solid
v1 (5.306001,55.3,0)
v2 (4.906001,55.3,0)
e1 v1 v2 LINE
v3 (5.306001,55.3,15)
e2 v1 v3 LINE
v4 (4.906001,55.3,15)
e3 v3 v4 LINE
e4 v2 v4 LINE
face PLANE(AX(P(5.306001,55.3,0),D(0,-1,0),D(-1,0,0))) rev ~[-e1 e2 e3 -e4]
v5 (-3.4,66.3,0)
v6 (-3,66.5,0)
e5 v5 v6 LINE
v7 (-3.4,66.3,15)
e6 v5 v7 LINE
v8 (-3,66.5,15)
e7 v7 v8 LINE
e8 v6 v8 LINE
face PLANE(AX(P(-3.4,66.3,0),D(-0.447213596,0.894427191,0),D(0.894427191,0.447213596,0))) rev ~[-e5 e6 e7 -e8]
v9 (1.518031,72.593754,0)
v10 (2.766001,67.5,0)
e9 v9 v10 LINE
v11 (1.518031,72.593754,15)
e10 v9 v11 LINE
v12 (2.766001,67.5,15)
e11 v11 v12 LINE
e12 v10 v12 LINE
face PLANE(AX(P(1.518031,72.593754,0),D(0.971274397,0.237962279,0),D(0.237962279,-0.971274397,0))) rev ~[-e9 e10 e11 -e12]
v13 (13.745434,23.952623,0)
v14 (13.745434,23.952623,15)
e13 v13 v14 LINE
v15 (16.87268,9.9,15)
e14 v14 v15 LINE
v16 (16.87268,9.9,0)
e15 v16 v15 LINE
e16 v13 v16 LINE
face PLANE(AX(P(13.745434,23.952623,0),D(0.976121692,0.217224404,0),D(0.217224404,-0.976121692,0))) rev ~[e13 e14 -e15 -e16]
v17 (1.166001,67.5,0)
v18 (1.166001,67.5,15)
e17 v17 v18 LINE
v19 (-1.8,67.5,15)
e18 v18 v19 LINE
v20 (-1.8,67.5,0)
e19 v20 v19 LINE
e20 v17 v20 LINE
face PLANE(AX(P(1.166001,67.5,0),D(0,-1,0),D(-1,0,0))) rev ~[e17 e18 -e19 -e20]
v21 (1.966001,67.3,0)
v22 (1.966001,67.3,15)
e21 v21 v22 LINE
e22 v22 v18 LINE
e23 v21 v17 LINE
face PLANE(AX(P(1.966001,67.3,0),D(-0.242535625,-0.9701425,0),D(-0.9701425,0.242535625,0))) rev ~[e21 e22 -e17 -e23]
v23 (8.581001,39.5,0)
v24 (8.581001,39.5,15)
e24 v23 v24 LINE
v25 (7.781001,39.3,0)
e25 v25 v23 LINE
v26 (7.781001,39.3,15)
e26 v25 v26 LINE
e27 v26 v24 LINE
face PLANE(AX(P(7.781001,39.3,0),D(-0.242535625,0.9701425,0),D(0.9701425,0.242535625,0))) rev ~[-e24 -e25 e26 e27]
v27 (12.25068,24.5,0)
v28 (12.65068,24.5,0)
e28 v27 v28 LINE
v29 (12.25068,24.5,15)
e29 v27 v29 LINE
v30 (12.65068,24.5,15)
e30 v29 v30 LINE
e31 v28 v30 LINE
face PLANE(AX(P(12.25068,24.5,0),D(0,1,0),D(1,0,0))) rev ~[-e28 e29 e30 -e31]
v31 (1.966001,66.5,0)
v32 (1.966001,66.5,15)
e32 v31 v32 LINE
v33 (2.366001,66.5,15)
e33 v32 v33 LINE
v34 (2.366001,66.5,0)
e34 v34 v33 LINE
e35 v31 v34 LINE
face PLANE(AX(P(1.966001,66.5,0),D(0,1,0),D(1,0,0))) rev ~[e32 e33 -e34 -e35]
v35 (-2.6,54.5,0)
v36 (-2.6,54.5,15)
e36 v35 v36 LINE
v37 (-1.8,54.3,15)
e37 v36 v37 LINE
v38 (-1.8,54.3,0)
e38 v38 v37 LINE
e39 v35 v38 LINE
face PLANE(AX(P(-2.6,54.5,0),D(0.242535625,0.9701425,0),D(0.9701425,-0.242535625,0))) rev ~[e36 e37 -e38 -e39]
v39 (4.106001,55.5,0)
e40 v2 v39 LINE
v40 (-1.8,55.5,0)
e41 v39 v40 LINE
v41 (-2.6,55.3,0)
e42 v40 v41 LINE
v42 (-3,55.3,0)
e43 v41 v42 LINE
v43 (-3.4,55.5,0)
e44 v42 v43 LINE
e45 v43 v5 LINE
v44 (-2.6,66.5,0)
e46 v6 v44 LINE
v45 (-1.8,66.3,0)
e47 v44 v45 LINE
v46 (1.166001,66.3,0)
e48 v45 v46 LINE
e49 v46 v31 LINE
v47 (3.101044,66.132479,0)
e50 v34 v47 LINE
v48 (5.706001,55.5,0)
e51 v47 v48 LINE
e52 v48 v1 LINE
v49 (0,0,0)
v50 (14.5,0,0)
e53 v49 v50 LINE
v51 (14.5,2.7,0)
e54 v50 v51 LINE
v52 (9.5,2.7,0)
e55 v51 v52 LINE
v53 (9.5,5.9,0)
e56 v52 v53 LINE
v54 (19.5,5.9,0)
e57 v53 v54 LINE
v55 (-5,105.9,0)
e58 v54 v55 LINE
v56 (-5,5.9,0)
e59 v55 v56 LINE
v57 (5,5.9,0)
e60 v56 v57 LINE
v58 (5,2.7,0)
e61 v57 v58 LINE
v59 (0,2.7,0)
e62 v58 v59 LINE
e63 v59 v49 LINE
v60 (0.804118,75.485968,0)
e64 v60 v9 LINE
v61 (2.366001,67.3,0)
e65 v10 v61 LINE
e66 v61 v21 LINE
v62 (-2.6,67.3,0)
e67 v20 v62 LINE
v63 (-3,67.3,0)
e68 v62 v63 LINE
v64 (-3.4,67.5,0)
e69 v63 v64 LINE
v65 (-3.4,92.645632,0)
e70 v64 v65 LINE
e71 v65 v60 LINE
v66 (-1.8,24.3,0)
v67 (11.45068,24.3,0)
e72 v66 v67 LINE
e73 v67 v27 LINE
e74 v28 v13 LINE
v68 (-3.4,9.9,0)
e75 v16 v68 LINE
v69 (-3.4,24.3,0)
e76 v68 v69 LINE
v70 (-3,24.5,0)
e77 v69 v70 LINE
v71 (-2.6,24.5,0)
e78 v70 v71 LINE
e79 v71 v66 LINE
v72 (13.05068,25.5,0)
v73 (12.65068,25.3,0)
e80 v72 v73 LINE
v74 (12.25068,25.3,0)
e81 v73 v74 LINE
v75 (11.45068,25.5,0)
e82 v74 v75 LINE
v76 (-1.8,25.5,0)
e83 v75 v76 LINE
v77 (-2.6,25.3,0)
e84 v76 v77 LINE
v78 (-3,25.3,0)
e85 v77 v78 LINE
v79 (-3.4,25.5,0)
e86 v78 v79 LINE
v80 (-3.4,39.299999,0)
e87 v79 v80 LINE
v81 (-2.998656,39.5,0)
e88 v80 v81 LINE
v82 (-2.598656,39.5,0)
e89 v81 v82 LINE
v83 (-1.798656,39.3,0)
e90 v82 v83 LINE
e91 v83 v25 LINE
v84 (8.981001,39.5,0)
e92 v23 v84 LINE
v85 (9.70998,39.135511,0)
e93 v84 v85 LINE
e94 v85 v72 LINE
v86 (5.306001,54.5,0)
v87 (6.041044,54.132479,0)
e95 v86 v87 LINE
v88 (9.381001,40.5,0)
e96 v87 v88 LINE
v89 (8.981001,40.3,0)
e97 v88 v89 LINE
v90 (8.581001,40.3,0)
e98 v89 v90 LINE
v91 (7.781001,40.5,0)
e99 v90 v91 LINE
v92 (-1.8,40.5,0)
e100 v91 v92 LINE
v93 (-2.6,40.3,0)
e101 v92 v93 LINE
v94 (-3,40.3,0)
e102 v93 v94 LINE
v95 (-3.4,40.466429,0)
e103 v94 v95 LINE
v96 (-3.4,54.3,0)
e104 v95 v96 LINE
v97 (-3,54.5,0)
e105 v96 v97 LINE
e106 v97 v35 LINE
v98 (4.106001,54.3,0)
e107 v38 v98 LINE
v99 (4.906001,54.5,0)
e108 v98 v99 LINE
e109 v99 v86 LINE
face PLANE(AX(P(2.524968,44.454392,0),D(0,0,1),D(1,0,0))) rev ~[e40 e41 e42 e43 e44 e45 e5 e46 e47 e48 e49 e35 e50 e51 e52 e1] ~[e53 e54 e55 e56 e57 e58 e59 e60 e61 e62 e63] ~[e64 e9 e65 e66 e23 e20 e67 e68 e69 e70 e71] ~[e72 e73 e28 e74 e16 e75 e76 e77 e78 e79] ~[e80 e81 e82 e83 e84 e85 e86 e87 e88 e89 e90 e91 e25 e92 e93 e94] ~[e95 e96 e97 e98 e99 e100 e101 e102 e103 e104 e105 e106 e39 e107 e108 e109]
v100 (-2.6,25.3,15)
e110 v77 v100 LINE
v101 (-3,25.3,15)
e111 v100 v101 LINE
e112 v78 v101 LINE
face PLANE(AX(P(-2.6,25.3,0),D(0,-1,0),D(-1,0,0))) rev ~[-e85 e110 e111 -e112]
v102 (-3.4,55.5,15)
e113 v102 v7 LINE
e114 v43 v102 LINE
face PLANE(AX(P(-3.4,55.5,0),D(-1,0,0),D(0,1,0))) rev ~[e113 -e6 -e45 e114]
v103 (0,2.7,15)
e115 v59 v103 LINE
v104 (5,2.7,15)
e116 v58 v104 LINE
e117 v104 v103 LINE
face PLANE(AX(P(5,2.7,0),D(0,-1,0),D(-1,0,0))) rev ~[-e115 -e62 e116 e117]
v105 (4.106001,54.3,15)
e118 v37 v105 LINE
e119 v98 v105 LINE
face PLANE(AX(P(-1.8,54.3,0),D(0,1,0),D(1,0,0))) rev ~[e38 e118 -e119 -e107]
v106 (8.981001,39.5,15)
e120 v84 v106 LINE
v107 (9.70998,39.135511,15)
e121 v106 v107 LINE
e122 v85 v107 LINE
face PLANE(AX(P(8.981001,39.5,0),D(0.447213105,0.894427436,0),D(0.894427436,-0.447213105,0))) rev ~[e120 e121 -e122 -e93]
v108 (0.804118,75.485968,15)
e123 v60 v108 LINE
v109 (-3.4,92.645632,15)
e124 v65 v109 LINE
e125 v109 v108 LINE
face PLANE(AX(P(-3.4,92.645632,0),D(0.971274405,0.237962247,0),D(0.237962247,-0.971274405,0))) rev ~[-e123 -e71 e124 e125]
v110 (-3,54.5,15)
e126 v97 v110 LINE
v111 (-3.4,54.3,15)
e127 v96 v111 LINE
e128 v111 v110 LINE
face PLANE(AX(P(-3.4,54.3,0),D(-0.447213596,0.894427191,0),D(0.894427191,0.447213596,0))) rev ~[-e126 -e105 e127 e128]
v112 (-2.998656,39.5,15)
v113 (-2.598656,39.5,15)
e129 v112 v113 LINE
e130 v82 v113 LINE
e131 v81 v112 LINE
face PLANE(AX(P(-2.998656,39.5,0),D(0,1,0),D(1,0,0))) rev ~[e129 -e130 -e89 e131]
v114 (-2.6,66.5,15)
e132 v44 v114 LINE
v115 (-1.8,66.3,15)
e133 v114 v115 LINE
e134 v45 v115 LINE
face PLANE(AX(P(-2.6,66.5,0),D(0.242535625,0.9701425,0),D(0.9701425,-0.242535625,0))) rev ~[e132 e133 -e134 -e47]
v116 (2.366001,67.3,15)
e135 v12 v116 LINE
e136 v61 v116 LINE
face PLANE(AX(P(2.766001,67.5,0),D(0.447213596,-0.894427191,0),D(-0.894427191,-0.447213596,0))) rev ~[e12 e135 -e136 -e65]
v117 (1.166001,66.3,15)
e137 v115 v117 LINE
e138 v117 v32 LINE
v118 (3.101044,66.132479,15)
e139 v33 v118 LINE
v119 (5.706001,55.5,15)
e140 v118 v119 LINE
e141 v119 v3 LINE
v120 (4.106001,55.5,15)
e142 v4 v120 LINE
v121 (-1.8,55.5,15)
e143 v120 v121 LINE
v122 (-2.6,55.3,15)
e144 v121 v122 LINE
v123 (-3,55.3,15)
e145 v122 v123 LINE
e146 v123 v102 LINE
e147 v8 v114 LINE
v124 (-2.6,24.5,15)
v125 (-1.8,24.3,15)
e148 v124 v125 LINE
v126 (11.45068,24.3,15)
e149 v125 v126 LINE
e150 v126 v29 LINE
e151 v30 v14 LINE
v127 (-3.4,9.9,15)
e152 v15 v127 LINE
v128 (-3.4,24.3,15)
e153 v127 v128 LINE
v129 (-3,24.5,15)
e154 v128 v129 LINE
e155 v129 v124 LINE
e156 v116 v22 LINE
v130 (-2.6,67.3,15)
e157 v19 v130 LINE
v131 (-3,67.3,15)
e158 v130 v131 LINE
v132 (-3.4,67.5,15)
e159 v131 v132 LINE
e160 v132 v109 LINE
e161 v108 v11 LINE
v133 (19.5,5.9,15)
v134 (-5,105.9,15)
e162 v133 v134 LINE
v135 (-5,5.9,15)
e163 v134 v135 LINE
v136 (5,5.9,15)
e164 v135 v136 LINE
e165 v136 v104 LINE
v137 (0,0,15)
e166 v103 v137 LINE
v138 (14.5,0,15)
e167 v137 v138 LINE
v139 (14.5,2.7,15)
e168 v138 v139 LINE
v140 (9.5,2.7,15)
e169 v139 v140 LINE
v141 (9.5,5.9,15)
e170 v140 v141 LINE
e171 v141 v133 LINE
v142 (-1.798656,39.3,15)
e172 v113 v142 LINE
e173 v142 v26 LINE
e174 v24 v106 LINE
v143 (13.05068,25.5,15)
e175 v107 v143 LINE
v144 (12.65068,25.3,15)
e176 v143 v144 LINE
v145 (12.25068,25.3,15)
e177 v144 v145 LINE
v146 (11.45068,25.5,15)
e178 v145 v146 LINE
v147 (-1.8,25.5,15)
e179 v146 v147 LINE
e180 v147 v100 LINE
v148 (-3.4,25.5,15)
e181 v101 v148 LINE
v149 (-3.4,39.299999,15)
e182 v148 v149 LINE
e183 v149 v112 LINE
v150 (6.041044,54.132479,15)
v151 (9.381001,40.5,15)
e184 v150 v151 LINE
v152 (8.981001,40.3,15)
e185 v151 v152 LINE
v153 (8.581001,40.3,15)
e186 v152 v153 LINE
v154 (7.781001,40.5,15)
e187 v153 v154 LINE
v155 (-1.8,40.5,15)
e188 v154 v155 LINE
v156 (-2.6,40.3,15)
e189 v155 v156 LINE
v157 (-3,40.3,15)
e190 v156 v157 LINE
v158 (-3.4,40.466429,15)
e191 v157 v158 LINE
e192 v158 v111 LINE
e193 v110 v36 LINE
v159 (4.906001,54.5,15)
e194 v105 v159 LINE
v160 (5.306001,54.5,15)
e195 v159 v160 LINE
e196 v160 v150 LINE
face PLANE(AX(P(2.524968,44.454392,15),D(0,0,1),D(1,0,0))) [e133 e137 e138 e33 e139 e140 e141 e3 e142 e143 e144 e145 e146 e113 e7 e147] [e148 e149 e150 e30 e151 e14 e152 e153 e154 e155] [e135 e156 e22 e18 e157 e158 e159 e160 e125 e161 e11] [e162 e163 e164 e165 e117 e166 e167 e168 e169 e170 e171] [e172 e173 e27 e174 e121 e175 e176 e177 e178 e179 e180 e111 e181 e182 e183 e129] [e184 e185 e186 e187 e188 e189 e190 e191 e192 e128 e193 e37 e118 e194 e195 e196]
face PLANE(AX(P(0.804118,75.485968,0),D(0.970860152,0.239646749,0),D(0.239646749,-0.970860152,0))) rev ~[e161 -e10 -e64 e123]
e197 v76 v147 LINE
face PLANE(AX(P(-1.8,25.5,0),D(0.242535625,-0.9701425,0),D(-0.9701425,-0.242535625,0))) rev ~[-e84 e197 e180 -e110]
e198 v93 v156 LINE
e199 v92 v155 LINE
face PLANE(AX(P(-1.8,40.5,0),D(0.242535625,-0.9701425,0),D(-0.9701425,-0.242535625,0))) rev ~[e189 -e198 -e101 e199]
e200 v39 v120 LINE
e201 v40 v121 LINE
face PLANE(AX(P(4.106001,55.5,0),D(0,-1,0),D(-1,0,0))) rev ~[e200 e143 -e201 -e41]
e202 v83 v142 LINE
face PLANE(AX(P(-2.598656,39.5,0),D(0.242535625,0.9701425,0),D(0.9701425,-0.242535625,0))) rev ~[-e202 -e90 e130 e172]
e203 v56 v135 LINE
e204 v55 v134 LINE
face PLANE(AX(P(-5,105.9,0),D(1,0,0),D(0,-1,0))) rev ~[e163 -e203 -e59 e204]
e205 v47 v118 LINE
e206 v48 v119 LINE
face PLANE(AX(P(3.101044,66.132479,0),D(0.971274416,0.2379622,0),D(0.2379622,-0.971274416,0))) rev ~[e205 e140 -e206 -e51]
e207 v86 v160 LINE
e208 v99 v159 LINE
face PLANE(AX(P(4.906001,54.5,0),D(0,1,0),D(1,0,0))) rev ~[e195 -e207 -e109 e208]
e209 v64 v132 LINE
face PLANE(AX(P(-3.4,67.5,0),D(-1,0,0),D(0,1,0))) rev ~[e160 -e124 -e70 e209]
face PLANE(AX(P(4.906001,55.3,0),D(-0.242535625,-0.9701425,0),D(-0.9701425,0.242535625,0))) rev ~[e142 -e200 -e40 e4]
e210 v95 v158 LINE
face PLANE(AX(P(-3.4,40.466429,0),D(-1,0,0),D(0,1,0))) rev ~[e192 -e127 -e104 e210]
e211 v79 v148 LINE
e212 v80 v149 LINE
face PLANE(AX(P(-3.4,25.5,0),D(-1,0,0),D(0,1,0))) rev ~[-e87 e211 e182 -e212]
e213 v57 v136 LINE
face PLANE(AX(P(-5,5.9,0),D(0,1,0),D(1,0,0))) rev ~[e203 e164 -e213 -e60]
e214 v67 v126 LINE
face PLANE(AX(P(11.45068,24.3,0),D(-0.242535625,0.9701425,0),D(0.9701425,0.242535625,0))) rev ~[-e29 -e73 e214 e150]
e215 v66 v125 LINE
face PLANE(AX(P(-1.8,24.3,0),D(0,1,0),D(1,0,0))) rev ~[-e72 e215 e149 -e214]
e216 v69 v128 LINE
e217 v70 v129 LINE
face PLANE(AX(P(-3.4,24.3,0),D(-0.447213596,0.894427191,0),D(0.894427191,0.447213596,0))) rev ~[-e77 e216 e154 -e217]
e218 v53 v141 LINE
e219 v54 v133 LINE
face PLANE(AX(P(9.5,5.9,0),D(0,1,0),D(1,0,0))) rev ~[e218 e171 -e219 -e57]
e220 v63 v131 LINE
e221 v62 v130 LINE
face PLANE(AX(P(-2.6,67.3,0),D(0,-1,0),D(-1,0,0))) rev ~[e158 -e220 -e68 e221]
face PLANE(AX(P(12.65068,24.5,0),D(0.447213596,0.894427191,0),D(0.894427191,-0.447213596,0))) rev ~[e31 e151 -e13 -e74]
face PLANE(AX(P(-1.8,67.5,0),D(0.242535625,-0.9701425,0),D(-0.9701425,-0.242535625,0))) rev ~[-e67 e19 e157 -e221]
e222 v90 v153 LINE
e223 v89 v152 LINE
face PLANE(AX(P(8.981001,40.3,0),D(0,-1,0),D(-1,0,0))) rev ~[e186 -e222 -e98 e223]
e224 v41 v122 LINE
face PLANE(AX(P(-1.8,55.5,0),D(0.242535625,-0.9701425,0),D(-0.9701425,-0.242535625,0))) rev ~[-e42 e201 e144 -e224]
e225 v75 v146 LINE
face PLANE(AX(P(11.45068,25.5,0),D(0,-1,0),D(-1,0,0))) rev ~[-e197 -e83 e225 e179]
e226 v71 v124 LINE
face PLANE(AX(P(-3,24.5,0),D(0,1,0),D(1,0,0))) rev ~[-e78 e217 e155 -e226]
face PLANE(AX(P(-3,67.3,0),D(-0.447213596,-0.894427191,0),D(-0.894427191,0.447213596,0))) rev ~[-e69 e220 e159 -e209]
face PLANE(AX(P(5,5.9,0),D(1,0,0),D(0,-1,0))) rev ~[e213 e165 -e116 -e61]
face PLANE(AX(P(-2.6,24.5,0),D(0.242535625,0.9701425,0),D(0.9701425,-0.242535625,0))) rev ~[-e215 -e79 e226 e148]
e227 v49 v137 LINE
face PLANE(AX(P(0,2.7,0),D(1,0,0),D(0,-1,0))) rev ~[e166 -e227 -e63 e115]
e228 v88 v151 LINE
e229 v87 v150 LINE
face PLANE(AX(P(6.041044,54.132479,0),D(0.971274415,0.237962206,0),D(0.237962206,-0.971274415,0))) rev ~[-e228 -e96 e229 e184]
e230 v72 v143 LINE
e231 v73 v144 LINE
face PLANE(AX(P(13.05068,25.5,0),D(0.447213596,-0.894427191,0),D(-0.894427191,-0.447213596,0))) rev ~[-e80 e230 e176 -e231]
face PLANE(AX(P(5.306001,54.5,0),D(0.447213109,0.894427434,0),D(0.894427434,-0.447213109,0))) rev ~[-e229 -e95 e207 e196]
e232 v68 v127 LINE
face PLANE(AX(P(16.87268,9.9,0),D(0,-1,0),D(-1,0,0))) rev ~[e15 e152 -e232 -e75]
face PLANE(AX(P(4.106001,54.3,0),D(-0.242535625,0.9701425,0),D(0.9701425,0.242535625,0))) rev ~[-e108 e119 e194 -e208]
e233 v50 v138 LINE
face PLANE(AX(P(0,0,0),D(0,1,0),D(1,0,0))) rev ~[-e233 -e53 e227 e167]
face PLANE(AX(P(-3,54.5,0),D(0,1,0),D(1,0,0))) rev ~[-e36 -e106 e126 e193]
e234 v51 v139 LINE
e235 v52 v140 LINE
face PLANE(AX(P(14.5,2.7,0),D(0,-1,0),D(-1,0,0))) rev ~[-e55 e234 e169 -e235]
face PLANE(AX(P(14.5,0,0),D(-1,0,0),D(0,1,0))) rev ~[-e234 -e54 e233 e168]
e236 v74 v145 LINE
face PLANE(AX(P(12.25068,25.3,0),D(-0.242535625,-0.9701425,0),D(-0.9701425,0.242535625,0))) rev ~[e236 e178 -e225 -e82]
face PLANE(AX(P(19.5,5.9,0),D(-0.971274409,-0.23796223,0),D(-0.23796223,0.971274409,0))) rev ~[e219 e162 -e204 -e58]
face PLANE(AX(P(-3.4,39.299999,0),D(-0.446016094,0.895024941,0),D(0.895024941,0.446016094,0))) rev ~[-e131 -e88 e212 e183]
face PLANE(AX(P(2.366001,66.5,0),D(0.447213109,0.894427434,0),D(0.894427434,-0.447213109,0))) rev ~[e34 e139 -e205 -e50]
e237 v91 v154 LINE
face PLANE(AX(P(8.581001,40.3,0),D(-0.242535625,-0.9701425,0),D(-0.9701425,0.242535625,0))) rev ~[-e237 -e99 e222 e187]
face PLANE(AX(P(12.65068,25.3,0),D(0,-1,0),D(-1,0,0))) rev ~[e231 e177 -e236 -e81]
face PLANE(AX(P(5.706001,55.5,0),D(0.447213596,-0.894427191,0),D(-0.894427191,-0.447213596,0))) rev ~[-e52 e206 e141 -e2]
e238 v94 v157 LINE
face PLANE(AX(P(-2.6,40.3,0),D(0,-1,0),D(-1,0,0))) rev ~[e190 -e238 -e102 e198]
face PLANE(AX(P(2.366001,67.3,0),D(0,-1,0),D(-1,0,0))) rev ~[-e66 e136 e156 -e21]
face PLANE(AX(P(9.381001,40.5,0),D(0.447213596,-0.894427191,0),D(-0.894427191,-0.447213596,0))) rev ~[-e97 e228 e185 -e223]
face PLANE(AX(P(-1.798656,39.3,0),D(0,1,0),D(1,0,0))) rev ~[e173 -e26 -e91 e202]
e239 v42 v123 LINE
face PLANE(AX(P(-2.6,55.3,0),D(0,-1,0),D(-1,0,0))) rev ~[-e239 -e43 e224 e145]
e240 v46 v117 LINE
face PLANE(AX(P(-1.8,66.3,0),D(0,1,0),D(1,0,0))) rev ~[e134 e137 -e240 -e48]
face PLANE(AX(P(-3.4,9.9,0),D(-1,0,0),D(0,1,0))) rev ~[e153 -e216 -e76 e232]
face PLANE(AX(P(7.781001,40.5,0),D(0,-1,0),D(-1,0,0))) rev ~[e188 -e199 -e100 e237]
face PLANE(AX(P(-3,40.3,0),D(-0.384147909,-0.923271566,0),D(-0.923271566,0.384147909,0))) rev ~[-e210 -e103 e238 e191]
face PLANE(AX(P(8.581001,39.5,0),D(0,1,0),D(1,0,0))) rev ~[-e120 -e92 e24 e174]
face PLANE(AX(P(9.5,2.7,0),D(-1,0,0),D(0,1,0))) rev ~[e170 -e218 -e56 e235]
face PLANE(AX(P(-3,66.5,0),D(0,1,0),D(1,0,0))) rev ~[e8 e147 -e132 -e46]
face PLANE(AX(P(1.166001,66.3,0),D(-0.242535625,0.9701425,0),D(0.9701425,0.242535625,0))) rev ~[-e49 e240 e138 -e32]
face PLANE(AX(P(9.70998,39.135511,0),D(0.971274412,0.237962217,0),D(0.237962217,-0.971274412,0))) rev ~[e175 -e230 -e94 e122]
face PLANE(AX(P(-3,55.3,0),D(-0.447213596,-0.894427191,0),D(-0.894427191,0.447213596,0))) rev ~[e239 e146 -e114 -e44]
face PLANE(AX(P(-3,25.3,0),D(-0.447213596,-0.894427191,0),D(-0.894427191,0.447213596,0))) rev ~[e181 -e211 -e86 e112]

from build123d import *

# Parameters (mm, degrees)
F1_DEPTH = 15


with BuildPart() as f1:
    # F0 (on Top) → F1 (new body)
    with BuildSketch(Plane.XY):
        Polygon((0, 2.7), (0, 0), (14.5, 0), (14.5, 2.7), (9.5, 2.7), (9.5, 5.9), (19.5, 5.9), (-5, 105.9), (-5, 5.9), (5, 5.9), (5, 2.7), align=None)
        Polygon((16.87268, 9.9), (-3.4, 9.9), (-3.4, 23.06697), (-3.4, 24.3), (-3, 24.5), (-2.6, 24.5), (-1.8, 24.3), (11.45068, 24.3), (12.25068, 24.5), (12.65068, 24.5), (13.745434, 23.952623), align=None, mode=Mode.SUBTRACT)
        Polygon((8.981001, 39.5), (9.70998, 39.135511), (13.05068, 25.5), (12.65068, 25.3), (12.25068, 25.3), (11.45068, 25.5), (-1.8, 25.5), (-2.6, 25.3), (-3, 25.3), (-3.4, 25.5), (-3.4, 26.733285), (-3.4, 39.299999), (-2.998656, 39.5), (-2.598656, 39.5), (-1.798656, 39.3), (7.781001, 39.3), (8.581001, 39.5), align=None, mode=Mode.SUBTRACT)
        Polygon((5.306001, 54.5), (6.041044, 54.132479), (9.381001, 40.5), (8.981001, 40.3), (8.581001, 40.3), (7.781001, 40.5), (-1.8, 40.5), (-2.6, 40.3), (-3, 40.3), (-3.4, 40.466429), (-3.4, 54.3), (-3, 54.5), (-2.6, 54.5), (-1.8, 54.3), (4.106001, 54.3), (4.906001, 54.5), align=None, mode=Mode.SUBTRACT)
        Polygon((2.366001, 66.5), (3.101044, 66.132479), (5.706001, 55.5), (5.306001, 55.3), (4.906001, 55.3), (4.106001, 55.5), (-1.8, 55.5), (-2.6, 55.3), (-3, 55.3), (-3.4, 55.5), (-3.4, 66.3), (-3, 66.5), (-2.6, 66.5), (-1.8, 66.3), (1.166001, 66.3), (1.966001, 66.5), align=None, mode=Mode.SUBTRACT)
        Polygon((-3.4, 75.38324), (-3.4, 92.645632), (0.804118, 75.485968), (1.518031, 72.593754), (2.766001, 67.5), (2.366001, 67.3), (1.966001, 67.3), (1.166001, 67.5), (-1.8, 67.5), (-2.6, 67.3), (-3, 67.3), (-3.4, 67.5), (-3.4, 72.41676), align=None, mode=Mode.SUBTRACT)
    extrude(amount=F1_DEPTH)


solid = f1.part
